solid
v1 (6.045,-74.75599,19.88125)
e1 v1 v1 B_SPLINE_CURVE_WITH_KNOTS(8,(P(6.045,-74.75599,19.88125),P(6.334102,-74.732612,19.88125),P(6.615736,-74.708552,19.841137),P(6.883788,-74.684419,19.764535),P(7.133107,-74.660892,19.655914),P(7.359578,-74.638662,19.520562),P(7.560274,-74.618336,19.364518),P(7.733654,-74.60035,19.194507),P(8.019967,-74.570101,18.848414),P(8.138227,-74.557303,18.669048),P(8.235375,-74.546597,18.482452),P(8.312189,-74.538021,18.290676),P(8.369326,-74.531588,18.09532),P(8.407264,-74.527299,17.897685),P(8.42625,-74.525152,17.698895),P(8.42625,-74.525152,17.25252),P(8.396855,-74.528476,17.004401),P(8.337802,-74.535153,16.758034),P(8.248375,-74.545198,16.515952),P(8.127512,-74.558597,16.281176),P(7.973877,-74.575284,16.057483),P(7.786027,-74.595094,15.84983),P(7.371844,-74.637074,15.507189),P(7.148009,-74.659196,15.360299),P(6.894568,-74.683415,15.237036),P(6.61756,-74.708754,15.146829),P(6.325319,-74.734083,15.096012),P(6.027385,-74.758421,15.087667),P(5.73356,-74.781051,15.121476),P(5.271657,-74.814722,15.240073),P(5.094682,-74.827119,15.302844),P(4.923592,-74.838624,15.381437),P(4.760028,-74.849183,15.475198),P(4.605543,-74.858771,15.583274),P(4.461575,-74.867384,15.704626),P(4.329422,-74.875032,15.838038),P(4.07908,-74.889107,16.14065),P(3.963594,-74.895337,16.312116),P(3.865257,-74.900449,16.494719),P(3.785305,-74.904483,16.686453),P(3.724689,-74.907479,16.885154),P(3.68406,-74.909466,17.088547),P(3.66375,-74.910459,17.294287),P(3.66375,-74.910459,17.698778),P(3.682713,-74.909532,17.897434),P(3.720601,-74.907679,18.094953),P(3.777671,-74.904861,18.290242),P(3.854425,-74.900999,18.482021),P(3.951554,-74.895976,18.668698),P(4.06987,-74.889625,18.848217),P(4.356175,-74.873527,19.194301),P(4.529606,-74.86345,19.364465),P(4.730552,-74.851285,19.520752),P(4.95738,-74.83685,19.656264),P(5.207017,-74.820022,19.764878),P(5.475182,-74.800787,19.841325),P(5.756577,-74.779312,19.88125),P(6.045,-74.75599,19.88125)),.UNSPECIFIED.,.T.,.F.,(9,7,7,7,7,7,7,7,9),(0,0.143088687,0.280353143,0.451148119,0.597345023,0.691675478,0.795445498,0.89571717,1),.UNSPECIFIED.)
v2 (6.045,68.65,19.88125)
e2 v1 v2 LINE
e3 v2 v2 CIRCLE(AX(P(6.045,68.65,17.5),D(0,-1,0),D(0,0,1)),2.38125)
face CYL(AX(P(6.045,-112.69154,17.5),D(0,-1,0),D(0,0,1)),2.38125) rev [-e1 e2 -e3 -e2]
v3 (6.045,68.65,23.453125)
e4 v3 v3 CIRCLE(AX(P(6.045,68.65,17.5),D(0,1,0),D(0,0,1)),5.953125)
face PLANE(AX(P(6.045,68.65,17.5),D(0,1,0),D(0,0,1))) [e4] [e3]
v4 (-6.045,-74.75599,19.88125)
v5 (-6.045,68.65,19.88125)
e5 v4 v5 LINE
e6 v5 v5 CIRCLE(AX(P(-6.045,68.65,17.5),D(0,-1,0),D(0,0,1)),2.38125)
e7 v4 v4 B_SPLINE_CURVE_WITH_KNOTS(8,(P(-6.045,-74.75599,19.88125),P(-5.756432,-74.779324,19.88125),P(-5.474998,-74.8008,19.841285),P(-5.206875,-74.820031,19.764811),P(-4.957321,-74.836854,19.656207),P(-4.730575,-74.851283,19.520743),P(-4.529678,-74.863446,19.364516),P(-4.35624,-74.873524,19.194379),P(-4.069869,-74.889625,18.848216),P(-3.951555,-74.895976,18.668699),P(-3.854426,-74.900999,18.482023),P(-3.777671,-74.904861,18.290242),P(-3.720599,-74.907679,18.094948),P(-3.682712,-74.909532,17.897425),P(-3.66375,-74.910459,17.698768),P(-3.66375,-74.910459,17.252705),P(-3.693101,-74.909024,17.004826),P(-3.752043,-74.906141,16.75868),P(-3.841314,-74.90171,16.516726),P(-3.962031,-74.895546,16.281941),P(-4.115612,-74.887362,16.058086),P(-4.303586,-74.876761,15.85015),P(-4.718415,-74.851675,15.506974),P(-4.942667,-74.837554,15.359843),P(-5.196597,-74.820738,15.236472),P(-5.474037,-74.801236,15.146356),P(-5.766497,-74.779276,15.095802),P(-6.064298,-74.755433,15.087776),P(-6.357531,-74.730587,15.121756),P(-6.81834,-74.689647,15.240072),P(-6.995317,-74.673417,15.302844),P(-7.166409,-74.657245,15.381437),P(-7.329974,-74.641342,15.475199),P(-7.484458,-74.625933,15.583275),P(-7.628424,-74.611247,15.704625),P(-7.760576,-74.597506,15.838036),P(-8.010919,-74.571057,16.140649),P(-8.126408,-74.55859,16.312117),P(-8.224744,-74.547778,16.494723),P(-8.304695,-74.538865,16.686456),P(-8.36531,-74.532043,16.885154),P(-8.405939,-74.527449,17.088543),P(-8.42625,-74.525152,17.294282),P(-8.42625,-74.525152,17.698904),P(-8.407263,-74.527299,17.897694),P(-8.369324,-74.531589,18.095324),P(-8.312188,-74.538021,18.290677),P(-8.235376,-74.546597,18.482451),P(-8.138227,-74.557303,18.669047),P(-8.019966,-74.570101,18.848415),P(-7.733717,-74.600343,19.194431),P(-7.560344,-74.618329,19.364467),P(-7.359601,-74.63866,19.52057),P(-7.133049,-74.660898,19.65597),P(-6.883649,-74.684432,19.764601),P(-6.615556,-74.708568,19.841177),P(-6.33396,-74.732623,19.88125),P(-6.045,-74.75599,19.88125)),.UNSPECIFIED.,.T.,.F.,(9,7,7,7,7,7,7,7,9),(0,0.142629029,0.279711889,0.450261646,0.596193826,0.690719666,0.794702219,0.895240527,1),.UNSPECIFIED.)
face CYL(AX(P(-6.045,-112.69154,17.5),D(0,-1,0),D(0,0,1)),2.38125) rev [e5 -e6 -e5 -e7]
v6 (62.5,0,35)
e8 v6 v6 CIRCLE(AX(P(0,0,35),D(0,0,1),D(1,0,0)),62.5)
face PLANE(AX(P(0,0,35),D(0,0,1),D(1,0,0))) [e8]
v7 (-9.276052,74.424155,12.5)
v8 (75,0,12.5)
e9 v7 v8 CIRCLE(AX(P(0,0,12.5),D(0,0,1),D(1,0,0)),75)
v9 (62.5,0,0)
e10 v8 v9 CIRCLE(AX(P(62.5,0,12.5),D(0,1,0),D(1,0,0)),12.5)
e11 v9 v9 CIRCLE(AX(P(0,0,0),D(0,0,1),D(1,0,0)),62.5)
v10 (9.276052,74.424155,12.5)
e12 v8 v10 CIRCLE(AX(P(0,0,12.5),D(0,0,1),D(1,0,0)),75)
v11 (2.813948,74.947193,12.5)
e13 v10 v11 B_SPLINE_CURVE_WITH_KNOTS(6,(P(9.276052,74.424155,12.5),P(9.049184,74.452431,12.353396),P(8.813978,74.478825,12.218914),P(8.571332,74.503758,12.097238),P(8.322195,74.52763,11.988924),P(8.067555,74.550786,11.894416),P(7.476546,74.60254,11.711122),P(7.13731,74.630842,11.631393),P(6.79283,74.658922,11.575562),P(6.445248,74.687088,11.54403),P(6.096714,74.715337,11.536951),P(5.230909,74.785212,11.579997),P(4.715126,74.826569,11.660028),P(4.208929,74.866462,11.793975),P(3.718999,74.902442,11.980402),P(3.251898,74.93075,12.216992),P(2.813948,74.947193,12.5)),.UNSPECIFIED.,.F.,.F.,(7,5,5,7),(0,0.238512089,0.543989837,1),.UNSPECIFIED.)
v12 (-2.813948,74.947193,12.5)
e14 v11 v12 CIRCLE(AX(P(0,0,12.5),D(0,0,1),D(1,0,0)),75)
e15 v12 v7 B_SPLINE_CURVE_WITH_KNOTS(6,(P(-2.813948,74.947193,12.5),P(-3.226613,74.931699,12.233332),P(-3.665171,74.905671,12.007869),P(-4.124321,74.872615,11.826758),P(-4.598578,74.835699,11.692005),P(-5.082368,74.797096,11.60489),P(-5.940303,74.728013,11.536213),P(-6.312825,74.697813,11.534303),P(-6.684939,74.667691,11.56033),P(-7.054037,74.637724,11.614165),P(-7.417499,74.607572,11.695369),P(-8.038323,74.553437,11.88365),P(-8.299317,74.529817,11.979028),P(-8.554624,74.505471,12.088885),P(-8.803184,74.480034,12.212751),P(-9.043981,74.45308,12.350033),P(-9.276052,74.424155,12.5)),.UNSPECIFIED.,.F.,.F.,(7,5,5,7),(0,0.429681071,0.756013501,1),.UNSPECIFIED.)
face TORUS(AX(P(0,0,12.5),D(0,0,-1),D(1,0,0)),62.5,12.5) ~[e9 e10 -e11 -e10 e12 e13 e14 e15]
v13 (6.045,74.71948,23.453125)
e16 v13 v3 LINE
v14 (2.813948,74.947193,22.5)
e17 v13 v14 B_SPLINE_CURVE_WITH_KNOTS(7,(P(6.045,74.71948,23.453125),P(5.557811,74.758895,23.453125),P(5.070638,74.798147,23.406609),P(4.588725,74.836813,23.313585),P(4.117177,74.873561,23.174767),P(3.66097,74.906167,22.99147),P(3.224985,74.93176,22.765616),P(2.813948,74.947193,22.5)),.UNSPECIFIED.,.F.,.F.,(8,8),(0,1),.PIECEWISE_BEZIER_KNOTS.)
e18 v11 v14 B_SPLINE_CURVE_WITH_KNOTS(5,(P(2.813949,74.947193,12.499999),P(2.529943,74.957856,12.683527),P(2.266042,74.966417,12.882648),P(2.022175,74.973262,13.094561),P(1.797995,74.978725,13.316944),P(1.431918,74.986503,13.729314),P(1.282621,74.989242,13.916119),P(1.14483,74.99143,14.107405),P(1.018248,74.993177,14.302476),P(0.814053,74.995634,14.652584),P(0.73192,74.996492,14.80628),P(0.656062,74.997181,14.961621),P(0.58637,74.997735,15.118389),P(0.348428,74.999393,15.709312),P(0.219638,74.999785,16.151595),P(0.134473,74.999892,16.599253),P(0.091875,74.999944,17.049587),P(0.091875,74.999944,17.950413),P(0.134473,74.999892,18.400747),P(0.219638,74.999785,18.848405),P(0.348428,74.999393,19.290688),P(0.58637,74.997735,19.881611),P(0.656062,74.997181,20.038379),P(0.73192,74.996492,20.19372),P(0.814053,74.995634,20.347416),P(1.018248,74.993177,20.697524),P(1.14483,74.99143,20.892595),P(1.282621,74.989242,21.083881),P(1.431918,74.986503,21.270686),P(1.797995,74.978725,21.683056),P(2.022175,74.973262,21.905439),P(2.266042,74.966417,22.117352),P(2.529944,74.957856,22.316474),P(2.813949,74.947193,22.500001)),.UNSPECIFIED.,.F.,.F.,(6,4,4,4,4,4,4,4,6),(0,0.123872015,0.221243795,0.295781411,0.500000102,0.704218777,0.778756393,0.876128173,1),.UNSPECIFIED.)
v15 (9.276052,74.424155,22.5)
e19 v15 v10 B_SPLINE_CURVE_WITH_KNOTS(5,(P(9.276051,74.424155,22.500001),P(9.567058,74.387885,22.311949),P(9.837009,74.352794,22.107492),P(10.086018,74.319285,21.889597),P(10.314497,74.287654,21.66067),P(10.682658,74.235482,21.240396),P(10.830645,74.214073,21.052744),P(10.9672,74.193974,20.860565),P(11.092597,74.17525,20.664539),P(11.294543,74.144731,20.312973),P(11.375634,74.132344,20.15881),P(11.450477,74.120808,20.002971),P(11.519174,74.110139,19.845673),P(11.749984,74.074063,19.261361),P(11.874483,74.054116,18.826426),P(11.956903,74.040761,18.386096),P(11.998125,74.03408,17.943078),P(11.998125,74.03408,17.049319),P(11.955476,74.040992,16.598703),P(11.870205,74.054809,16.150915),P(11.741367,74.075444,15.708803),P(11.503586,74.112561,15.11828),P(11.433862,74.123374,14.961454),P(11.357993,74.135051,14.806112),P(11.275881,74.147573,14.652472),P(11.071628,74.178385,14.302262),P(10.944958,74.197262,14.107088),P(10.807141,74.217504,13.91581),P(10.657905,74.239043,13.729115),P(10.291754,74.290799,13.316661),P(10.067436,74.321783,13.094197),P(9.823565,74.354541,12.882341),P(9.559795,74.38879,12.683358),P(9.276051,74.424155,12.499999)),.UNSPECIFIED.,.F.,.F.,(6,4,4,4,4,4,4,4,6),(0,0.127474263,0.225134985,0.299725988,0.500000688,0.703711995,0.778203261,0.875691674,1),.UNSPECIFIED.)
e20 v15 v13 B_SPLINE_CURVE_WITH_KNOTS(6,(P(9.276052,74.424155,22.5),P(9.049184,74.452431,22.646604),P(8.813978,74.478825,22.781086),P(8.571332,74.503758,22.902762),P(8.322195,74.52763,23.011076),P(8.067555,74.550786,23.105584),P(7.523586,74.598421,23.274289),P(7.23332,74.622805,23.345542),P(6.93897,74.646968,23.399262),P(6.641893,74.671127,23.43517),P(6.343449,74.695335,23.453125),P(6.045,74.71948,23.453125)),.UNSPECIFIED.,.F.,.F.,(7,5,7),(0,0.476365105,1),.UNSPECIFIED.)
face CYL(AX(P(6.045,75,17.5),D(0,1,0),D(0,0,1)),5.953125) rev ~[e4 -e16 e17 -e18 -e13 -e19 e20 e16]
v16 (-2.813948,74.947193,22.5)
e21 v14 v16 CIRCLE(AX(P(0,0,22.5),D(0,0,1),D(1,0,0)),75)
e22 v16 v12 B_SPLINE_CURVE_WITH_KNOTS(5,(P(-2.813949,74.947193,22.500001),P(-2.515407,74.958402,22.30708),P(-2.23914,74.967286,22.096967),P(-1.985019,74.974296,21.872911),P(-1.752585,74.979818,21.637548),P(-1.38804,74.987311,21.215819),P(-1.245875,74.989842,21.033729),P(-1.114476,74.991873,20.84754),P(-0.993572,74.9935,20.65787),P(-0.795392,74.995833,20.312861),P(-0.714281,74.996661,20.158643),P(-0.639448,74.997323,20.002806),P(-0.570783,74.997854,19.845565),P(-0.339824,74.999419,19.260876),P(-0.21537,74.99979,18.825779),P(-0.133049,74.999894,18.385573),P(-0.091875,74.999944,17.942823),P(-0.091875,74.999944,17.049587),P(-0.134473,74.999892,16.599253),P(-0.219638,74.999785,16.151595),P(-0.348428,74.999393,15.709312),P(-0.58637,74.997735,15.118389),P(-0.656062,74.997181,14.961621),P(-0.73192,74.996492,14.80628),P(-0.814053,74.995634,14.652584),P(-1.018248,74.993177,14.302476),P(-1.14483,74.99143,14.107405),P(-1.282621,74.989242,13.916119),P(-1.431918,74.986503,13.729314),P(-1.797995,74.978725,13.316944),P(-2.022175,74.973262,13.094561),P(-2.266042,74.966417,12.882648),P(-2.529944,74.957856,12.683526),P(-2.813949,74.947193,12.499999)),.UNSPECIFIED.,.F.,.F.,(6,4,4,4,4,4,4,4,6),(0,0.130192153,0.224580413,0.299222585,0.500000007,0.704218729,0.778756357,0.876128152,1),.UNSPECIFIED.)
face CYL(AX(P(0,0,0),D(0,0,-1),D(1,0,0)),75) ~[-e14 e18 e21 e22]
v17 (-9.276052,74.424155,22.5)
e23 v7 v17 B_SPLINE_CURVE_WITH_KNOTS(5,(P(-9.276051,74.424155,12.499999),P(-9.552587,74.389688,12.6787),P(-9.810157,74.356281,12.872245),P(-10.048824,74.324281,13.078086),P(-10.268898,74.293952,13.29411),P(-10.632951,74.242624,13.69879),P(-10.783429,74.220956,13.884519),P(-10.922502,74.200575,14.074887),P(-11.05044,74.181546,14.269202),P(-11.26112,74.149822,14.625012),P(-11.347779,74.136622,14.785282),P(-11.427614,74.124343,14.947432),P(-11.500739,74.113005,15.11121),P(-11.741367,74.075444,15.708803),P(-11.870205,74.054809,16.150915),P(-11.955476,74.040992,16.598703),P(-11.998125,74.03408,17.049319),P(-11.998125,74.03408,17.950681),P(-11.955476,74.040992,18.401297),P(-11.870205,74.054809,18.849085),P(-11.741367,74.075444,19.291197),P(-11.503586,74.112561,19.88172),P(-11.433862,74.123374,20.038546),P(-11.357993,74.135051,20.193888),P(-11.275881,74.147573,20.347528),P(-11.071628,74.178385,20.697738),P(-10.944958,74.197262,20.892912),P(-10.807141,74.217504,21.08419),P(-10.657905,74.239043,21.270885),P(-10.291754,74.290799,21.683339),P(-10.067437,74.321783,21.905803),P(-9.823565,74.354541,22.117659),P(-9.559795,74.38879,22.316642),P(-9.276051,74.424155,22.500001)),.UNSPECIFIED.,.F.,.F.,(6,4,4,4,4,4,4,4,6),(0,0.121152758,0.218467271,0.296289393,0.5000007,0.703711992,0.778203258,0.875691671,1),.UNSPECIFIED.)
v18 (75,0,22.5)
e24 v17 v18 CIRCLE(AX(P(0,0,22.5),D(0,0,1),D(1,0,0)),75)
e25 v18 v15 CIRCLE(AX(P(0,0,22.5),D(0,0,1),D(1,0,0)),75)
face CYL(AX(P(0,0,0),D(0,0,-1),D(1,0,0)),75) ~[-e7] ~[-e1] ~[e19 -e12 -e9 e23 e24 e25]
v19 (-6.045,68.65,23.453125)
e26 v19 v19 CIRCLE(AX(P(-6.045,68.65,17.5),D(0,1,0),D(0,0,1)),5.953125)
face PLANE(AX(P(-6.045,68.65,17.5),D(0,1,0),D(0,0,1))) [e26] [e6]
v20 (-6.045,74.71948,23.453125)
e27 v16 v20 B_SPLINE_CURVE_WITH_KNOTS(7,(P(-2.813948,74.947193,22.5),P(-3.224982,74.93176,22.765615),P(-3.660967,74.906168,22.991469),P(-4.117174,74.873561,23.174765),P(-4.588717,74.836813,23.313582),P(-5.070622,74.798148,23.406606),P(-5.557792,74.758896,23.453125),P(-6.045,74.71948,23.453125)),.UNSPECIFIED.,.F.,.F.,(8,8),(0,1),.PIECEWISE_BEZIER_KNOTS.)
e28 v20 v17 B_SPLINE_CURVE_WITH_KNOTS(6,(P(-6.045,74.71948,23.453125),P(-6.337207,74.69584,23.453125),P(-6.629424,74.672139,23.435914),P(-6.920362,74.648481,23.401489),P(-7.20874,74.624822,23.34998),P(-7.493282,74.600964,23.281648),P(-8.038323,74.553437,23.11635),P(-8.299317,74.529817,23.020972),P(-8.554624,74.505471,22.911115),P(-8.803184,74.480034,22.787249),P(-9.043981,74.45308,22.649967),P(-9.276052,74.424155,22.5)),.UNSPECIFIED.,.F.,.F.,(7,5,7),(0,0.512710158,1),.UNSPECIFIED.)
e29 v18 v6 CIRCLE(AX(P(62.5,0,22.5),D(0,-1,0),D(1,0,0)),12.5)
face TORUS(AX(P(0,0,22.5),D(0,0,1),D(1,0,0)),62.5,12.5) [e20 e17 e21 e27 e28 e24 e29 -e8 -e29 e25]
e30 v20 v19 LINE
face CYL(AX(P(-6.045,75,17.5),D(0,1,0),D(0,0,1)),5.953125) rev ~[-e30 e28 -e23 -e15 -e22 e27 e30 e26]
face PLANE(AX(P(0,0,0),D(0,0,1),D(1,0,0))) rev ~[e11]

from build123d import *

# Parameters (mm, degrees)
SKETCH1_R               = 75
BOSS_EXTRUDE1_DEPTH     = 35
CUT_EXTRUDE1_DEPTH      = 112.691539518
CUT_EXTRUDE1_DEPTH_BACK = 112.691539518
SKETCH2_R               = 2.38125
FILLET1_R               = 12.5
SKETCH3_R               = 5.953125
CUT_EXTRUDE2_DEPTH      = 6.35


with BuildPart() as part:
    # Sketch1 → Boss-Extrude1 (new body)
    with BuildSketch(Plane.XY):
        Circle(SKETCH1_R)
    extrude(amount=BOSS_EXTRUDE1_DEPTH)

    # Sketch2 → Cut-Extrude1 (cut, two sides: drawn at the far end of the back side and taken through both)
    with BuildSketch(Plane(origin=(0, 0, 0), x_dir=(1, 0, 0), z_dir=(0, 1, 0)).offset(-CUT_EXTRUDE1_DEPTH_BACK)):
        with Locations(Location((-6.045, -17.5, 0), (0, 0, 270))):
            Circle(SKETCH2_R)
        with Locations(Location((6.045, -17.5, 0), (0, 0, 270))):
            Circle(SKETCH2_R)
    extrude(amount=CUT_EXTRUDE1_DEPTH + CUT_EXTRUDE1_DEPTH_BACK, mode=Mode.SUBTRACT)

    # Fillet1
    fillet1_edges = [part.edges().sort_by_distance(p)[0] for p in [
        (-75, 0, 0),
        (-75, 0, 35),
    ]]
    fillet(fillet1_edges, radius=FILLET1_R)

    # Sketch3 → Cut-Extrude2 (cut)
    with BuildSketch(Plane(origin=(0, 75, 0), x_dir=(1, 0, 0), z_dir=(0, 1, 0))):
        with Locations(Location((-6.045, -17.5, 0), (0, 0, 270))):
            Circle(SKETCH3_R)
        with Locations(Location((6.045, -17.5, 0), (0, 0, 270))):
            Circle(SKETCH3_R)
    extrude(amount=-CUT_EXTRUDE2_DEPTH, mode=Mode.SUBTRACT)


solid = part.part
